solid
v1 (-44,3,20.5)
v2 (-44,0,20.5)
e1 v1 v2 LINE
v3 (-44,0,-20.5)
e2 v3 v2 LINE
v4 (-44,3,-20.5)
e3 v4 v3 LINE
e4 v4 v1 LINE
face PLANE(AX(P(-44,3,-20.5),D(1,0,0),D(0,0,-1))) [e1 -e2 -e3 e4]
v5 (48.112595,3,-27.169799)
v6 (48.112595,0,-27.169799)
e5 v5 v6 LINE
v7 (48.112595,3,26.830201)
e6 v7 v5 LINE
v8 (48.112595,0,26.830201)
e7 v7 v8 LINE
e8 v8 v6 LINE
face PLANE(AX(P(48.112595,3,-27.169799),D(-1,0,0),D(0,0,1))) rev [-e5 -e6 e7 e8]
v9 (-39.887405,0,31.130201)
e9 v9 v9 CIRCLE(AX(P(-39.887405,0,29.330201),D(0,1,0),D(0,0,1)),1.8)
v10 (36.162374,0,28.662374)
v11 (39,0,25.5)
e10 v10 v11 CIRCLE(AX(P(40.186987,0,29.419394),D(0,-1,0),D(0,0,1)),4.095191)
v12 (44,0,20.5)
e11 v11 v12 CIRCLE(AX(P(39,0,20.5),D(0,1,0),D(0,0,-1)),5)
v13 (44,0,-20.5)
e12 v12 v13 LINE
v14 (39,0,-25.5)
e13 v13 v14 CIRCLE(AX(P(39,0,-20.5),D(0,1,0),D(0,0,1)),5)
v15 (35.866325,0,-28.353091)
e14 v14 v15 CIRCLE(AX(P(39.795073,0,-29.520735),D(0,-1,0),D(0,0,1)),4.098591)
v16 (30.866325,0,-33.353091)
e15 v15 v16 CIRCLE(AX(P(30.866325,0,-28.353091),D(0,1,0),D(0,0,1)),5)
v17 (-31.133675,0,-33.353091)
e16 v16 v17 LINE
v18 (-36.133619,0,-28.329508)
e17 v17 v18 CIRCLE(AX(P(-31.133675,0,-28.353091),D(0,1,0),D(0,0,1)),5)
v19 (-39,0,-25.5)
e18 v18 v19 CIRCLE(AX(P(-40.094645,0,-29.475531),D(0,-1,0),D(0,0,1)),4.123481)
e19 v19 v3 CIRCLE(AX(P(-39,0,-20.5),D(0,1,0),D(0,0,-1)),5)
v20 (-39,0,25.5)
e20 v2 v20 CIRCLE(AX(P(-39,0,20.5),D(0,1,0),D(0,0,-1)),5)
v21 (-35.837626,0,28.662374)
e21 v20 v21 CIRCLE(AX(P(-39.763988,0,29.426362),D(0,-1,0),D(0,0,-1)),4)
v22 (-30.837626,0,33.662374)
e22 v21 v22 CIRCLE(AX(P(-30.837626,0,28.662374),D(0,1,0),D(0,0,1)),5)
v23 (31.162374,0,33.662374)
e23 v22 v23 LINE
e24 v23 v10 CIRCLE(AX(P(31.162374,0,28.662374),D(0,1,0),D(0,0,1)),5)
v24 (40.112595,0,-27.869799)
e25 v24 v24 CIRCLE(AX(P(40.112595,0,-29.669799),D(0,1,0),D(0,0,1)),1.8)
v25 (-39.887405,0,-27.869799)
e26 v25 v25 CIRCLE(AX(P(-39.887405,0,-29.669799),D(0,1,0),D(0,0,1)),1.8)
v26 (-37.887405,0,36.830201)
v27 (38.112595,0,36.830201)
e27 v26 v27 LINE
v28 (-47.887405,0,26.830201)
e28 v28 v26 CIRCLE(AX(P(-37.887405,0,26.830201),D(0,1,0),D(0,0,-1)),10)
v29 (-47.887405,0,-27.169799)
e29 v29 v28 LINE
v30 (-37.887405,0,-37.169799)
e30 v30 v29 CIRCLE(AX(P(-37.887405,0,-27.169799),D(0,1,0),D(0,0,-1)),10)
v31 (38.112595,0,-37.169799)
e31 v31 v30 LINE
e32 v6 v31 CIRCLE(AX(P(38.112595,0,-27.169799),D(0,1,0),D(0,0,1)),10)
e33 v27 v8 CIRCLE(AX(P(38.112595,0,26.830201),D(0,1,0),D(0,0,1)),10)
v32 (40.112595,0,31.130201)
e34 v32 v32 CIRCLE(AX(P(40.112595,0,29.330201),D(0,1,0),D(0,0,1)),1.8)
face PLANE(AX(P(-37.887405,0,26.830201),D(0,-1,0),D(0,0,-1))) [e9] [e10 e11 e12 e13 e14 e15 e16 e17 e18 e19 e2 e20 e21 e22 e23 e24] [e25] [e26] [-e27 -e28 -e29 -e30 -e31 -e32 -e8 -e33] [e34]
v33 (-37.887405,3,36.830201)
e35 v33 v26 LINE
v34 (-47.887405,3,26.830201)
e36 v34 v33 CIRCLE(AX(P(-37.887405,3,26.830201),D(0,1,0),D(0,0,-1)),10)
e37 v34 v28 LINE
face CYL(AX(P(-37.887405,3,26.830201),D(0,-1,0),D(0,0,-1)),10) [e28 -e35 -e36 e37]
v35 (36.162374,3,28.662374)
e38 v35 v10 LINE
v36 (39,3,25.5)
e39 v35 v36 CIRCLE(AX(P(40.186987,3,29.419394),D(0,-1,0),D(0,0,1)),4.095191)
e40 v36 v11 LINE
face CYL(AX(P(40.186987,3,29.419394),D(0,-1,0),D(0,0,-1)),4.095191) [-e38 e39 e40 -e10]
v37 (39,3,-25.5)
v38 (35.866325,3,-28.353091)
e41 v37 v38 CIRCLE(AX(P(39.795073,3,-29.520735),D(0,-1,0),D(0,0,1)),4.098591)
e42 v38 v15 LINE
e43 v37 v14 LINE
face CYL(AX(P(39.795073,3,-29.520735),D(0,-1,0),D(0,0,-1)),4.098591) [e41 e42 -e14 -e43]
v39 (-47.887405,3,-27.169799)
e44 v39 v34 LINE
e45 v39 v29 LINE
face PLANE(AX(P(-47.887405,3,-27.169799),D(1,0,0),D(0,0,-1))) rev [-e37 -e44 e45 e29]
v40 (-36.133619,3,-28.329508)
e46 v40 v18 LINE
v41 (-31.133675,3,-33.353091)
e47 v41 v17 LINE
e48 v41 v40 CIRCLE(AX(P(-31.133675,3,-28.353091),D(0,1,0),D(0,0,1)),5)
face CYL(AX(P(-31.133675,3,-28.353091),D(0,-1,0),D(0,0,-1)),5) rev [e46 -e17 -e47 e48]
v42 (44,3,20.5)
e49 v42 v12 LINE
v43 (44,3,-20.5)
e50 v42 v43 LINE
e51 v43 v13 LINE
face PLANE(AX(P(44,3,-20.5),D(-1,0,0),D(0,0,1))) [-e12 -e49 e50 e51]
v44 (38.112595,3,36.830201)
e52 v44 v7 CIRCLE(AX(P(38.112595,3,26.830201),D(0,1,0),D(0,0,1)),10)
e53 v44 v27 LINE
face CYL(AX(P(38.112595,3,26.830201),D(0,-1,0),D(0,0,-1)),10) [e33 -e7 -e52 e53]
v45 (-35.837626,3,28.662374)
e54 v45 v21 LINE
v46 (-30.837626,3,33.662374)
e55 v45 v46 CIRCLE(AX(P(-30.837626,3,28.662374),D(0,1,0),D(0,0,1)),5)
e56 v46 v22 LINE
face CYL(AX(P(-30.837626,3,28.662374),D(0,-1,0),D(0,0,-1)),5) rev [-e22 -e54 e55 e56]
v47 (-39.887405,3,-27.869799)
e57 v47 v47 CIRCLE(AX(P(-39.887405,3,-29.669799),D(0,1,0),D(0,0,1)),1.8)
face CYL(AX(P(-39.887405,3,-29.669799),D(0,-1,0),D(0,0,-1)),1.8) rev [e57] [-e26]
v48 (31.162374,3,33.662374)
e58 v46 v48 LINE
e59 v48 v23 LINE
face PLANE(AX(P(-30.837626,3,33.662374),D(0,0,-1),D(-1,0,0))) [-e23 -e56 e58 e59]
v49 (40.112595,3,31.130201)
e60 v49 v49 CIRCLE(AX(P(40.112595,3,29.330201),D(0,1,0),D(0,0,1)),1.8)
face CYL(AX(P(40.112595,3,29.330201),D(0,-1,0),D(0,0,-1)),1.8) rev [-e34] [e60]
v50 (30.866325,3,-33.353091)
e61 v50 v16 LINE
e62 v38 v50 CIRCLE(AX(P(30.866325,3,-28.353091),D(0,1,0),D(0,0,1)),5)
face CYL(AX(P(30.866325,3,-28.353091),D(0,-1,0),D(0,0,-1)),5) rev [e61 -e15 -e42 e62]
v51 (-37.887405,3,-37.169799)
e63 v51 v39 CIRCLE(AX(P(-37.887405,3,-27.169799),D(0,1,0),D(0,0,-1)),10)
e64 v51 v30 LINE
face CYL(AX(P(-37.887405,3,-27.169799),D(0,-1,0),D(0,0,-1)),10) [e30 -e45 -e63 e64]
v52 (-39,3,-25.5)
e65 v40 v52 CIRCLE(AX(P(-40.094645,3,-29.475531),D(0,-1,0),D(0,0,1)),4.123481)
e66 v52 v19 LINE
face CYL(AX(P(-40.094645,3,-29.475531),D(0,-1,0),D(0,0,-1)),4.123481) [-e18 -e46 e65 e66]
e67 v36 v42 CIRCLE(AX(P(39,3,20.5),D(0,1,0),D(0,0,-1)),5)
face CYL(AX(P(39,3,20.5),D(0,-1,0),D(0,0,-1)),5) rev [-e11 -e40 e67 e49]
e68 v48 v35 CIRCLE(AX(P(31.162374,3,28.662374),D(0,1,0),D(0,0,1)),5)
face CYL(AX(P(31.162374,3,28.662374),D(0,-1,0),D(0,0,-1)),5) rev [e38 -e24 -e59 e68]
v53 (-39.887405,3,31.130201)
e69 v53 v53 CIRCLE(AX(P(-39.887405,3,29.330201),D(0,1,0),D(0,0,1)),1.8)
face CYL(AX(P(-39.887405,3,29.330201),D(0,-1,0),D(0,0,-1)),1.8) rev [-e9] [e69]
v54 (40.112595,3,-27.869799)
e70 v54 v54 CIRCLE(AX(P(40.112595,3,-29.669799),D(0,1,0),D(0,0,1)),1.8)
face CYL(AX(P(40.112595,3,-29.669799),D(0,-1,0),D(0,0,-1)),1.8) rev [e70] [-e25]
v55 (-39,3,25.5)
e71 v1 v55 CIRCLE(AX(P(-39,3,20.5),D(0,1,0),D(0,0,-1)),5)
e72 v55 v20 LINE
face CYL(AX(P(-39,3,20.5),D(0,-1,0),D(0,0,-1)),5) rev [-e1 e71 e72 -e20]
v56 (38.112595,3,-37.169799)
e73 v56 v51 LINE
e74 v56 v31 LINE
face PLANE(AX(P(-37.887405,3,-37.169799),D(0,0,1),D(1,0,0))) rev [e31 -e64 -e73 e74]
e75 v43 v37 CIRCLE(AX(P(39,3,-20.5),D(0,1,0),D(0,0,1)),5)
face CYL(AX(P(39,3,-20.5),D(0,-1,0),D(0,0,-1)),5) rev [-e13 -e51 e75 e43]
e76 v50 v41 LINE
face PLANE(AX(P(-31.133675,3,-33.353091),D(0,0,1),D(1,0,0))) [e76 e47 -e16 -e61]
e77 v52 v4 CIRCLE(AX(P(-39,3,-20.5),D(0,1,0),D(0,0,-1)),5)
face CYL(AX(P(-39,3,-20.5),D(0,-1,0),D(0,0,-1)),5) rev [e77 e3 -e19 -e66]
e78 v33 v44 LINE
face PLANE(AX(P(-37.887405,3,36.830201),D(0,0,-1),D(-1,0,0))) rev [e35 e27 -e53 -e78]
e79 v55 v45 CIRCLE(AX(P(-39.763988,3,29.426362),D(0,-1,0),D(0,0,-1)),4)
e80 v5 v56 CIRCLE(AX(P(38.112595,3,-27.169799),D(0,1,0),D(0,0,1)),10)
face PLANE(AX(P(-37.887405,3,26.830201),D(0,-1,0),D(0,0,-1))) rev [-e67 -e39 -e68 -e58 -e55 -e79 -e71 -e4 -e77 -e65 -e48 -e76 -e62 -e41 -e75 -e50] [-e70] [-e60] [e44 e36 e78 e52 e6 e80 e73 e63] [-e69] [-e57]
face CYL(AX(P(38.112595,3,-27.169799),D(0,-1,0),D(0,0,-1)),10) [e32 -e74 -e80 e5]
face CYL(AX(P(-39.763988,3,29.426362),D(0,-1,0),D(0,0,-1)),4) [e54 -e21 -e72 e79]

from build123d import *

# Parameters (mm, degrees)
IZIM1_R                     = 1.8
Y_KSEKLIK_EKSTR_ZYON1_DEPTH = 3


with BuildPart() as part:
    # Çizim1 → Yükseklik-Ekstrüzyon1 (new body)
    with BuildSketch(Plane(origin=(0, 0, 0), x_dir=(1, 0, 0), z_dir=(0, 1, 0))):
        with BuildLine():
            Line((-37.887405356, 37.169798919), (38.112594644, 37.169798919))
            ThreePointArc((38.112594644, 37.169798919), (45.183662456, 34.240866731), (48.112594644, 27.169798919))
            Line((48.112594644, 27.169798919), (48.112594644, -26.830201081))
            ThreePointArc((48.112594644, -26.830201081), (45.183662456, -33.901268893), (38.112594644, -36.830201081))
            Line((38.112594644, -36.830201081), (-37.887405356, -36.830201081))
            ThreePointArc((-37.887405356, -36.830201081), (-44.958473168, -33.901268893), (-47.887405356, -26.830201081))
            Line((-47.887405356, -26.830201081), (-47.887405356, 27.169798919))
            ThreePointArc((-47.887405356, 27.169798919), (-44.958473168, 34.240866731), (-37.887405356, 37.169798919))
        make_face()
        with Locations(Location((-39.887405356, 29.669798919, 0), (0, 0, 270))):
            Circle(IZIM1_R, mode=Mode.SUBTRACT)
        with Locations(Location((40.112594644, 29.669798919, 0), (0, 0, 270))):
            Circle(IZIM1_R, mode=Mode.SUBTRACT)
        with Locations(Location((-39.887405356, -29.330201081, 0), (0, 0, 270))):
            Circle(IZIM1_R, mode=Mode.SUBTRACT)
        with Locations(Location((40.112594644, -29.330201081, 0), (0, 0, 270))):
            Circle(IZIM1_R, mode=Mode.SUBTRACT)
        with BuildLine():
            Line((-44, 20.5), (-44, -20.5))
            ThreePointArc((-44, -20.5), (-42.535533906, -24.035533906), (-39, -25.5))
            ThreePointArc((-39, -25.5), (-36.935561042, -26.597935324), (-35.837625718, -28.662374282))
            ThreePointArc((-35.837625718, -28.662374282), (-34.373159624, -32.197908188), (-30.837625718, -33.662374282))
            Line((-30.837625718, -33.662374282), (31.162374282, -33.662374282))
            ThreePointArc((31.162374282, -33.662374282), (34.697908188, -32.197908188), (36.162374282, -28.662374282))
            ThreePointArc((36.162374282, -28.662374282), (37.138980167, -26.684391009), (39, -25.5))
            ThreePointArc((39, -25.5), (42.535533906, -24.035533906), (44, -20.5))
            Line((44, -20.5), (44, 20.5))
            ThreePointArc((44, 20.5), (42.535533906, 24.035533906), (39, 25.5))
            ThreePointArc((39, 25.5), (37.03578822, 26.490091983), (35.866325447, 28.353091412))
            ThreePointArc((35.866325447, 28.353091412), (34.401859353, 31.888625318), (30.866325447, 33.353091412))
            Line((30.866325447, 33.353091412), (-31.133674553, 33.353091412))
            ThreePointArc((-31.133674553, 33.353091412), (-34.677536648, 31.880277464), (-36.133618935, 28.329507991))
            ThreePointArc((-36.133618935, 28.329507991), (-37.197839579, 26.540975831), (-39, 25.5))
            ThreePointArc((-39, 25.5), (-42.535533906, 24.035533906), (-44, 20.5))
        make_face(mode=Mode.SUBTRACT)
    extrude(amount=Y_KSEKLIK_EKSTR_ZYON1_DEPTH)


solid = part.part
